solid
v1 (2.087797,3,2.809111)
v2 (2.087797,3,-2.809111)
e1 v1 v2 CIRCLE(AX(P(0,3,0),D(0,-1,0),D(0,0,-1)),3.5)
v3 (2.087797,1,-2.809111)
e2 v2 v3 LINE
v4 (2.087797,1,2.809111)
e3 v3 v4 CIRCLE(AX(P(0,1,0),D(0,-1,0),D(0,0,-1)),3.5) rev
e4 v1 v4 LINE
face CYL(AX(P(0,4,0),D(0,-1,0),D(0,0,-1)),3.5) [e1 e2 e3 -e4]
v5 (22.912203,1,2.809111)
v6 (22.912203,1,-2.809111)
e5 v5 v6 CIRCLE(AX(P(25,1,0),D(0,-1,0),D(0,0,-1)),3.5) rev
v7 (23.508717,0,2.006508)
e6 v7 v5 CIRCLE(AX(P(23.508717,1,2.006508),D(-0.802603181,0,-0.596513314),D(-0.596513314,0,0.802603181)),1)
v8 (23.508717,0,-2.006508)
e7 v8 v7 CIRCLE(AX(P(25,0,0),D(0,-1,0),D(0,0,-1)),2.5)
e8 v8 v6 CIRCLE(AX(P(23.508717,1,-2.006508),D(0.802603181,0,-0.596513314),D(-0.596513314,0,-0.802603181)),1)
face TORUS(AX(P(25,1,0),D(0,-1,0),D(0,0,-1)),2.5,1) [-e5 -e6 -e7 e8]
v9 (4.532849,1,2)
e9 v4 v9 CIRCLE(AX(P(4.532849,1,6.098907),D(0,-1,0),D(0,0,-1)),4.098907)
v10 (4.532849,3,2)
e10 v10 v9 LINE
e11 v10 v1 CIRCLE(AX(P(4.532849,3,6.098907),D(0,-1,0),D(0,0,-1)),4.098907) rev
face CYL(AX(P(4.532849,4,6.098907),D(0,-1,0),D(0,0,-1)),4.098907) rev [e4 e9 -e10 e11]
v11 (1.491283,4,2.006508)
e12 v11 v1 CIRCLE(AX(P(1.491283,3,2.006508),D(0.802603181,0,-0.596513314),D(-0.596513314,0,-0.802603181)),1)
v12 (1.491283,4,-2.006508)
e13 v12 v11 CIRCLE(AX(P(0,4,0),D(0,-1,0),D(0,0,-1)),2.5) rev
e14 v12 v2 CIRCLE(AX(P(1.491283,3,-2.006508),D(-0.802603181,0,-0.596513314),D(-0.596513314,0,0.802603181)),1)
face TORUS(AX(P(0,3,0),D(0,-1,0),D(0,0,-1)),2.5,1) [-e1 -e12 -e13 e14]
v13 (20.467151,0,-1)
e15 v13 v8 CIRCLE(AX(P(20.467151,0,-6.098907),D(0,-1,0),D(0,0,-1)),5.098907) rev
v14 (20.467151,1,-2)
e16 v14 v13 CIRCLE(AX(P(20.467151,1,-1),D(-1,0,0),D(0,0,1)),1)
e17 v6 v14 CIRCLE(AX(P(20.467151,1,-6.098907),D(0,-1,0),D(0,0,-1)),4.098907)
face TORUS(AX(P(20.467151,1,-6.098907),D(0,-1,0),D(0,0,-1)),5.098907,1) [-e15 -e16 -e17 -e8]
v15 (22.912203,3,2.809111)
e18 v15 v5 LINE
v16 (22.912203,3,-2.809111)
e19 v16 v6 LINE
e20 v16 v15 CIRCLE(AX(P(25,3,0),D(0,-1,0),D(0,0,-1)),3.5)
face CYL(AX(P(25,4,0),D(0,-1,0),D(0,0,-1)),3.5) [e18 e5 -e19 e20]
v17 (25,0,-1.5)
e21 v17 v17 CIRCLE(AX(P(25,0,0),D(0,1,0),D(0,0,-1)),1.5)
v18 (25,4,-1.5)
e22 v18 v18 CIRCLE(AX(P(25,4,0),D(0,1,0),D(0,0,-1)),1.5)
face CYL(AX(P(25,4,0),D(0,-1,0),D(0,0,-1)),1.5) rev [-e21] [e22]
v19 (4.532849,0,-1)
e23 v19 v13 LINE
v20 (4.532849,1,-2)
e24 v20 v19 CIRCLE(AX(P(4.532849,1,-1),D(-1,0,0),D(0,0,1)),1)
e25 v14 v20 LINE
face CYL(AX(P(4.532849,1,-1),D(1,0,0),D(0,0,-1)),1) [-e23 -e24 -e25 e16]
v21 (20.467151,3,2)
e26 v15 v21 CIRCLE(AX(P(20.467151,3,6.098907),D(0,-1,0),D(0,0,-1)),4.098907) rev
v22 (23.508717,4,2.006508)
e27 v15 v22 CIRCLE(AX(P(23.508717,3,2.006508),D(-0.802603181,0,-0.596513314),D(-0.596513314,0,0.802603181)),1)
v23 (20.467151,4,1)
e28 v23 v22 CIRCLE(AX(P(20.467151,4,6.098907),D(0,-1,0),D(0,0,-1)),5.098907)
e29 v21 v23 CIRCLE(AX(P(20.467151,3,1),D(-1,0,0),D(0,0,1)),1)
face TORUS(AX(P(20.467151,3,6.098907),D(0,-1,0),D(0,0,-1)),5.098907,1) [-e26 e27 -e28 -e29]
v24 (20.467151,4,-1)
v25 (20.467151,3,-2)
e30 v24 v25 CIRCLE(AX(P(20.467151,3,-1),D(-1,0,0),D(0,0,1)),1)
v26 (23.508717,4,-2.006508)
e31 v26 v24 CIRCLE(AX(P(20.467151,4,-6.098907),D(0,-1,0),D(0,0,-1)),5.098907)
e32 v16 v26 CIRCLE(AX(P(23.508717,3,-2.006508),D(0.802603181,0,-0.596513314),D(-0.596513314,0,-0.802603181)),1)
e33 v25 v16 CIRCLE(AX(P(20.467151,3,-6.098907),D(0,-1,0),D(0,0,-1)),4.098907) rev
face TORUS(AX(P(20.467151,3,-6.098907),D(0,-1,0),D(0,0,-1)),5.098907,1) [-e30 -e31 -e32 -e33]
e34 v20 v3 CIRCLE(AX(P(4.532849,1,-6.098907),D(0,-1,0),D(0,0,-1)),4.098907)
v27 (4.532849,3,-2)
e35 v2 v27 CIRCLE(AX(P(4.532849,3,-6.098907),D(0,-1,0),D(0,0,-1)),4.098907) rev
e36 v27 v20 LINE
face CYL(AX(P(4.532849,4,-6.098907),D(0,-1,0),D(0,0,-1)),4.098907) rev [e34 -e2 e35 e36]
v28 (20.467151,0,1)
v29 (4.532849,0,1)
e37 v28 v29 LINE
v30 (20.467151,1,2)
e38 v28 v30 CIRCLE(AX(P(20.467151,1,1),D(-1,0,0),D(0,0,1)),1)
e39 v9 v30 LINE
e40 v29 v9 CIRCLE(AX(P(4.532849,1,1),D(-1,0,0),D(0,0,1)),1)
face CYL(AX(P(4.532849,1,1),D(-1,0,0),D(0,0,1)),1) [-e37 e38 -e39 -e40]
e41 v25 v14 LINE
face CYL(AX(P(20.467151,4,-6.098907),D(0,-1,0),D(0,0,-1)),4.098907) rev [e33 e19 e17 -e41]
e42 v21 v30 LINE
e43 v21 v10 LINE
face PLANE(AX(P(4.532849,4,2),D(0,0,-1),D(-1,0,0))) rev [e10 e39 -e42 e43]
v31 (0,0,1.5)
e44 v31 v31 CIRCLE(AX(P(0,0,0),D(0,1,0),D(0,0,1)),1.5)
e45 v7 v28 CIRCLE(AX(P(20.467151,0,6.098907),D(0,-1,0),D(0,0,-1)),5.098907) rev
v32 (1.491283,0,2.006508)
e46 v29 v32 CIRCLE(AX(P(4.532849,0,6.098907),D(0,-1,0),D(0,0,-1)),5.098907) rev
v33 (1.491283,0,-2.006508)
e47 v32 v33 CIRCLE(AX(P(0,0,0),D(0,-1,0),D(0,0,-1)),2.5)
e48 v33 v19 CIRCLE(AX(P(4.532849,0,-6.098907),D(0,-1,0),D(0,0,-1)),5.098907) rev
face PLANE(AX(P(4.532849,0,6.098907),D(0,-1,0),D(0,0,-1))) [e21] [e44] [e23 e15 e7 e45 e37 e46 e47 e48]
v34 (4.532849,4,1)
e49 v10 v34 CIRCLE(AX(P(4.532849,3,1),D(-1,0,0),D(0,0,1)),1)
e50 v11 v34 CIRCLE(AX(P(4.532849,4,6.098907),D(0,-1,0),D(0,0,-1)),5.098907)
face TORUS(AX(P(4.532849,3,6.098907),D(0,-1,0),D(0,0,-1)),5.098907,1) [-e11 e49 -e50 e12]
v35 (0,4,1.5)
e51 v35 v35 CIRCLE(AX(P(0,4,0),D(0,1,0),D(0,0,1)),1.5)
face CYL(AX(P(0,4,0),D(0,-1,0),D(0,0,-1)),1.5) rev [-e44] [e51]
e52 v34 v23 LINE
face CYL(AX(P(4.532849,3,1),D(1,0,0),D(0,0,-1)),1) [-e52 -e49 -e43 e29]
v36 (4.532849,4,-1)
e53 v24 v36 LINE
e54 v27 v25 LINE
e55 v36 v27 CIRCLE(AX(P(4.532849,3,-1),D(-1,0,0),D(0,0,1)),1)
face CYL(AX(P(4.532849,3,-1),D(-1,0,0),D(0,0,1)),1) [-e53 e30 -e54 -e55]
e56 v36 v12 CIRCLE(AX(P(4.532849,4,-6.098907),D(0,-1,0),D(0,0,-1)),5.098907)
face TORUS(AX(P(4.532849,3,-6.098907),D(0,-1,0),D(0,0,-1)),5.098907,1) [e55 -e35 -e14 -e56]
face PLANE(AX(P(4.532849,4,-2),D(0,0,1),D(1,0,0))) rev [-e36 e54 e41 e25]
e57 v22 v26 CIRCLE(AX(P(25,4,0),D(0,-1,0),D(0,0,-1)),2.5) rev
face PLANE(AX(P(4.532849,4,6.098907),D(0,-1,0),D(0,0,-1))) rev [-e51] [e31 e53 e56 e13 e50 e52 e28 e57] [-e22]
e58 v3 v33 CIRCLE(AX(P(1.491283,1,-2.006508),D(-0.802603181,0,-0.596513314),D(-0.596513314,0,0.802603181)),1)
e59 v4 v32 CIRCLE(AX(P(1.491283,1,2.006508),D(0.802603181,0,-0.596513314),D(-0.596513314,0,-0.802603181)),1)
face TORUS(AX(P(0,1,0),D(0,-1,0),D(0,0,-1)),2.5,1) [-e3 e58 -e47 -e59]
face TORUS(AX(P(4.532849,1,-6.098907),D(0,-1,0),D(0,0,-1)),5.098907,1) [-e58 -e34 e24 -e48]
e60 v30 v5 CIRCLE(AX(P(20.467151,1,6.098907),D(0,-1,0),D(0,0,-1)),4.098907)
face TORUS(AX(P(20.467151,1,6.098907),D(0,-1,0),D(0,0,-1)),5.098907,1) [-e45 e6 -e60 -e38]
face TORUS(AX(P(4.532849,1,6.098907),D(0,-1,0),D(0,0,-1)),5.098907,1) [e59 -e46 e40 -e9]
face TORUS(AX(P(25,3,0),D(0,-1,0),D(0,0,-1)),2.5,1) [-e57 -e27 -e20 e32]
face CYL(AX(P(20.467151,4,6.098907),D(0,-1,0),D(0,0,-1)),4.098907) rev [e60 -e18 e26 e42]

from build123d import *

# Parameters (mm, degrees)
SKETCH2_R           = 1.5
BOSS_EXTRUDE1_DEPTH = 4
FILLET1_R           = 1


with BuildPart() as part:
    # Sketch2 → Boss-Extrude1 (new body)
    with BuildSketch(Plane(origin=(0, 0, 0), x_dir=(1, 0, 0), z_dir=(0, 1, 0))):
        with BuildLine():
            Line((4.532848985, -2), (20.467151015, -2))
            ThreePointArc((20.467151015, -2), (21.754875946, -2.207531543), (22.9122034, -2.809111133))
            ThreePointArc((22.9122034, -2.809111133), (28.5, 0), (22.9122034, 2.809111133))
            ThreePointArc((22.9122034, 2.809111133), (21.754875946, 2.207531543), (20.467151015, 2))
            Line((20.467151015, 2), (4.532848985, 2))
            ThreePointArc((4.532848985, 2), (3.245124054, 2.207531543), (2.0877966, 2.809111133))
            ThreePointArc((2.0877966, 2.809111133), (-3.5, 0), (2.0877966, -2.809111133))
            ThreePointArc((2.0877966, -2.809111133), (3.245124054, -2.207531543), (4.532848985, -2))
        make_face()
        with Locations(Location((0, 0, 0), (0, 0, 270))):
            Circle(SKETCH2_R, mode=Mode.SUBTRACT)
        with Locations(Location((25, 0, 0), (0, 0, 90))):
            Circle(SKETCH2_R, mode=Mode.SUBTRACT)
    extrude(amount=BOSS_EXTRUDE1_DEPTH)

    # Fillet1
    fillet1_edges = [part.edges().sort_by_distance(p)[0] for p in [
        (21.754875946, 4, 2.207531543),
        (12.5, 0, 2),
        (3.245124054, 0, 2.207531543),
        (28.5, 4, 0),
        (21.754875946, 4, -2.207531543),
        (12.5, 4, -2),
        (3.245124054, 4, -2.207531543),
        (-3.5, 4, 0),
        (3.245124054, 4, 2.207531543),
        (12.5, 4, 2),
        (-3.5, 0, 0),
        (3.245124054, 0, -2.207531543),
        (12.5, 0, -2),
        (21.754875946, 0, -2.207531543),
        (28.5, 0, 0),
        (21.754875946, 0, 2.207531543),
    ]]
    fillet(fillet1_edges, radius=FILLET1_R)


solid = part.part
